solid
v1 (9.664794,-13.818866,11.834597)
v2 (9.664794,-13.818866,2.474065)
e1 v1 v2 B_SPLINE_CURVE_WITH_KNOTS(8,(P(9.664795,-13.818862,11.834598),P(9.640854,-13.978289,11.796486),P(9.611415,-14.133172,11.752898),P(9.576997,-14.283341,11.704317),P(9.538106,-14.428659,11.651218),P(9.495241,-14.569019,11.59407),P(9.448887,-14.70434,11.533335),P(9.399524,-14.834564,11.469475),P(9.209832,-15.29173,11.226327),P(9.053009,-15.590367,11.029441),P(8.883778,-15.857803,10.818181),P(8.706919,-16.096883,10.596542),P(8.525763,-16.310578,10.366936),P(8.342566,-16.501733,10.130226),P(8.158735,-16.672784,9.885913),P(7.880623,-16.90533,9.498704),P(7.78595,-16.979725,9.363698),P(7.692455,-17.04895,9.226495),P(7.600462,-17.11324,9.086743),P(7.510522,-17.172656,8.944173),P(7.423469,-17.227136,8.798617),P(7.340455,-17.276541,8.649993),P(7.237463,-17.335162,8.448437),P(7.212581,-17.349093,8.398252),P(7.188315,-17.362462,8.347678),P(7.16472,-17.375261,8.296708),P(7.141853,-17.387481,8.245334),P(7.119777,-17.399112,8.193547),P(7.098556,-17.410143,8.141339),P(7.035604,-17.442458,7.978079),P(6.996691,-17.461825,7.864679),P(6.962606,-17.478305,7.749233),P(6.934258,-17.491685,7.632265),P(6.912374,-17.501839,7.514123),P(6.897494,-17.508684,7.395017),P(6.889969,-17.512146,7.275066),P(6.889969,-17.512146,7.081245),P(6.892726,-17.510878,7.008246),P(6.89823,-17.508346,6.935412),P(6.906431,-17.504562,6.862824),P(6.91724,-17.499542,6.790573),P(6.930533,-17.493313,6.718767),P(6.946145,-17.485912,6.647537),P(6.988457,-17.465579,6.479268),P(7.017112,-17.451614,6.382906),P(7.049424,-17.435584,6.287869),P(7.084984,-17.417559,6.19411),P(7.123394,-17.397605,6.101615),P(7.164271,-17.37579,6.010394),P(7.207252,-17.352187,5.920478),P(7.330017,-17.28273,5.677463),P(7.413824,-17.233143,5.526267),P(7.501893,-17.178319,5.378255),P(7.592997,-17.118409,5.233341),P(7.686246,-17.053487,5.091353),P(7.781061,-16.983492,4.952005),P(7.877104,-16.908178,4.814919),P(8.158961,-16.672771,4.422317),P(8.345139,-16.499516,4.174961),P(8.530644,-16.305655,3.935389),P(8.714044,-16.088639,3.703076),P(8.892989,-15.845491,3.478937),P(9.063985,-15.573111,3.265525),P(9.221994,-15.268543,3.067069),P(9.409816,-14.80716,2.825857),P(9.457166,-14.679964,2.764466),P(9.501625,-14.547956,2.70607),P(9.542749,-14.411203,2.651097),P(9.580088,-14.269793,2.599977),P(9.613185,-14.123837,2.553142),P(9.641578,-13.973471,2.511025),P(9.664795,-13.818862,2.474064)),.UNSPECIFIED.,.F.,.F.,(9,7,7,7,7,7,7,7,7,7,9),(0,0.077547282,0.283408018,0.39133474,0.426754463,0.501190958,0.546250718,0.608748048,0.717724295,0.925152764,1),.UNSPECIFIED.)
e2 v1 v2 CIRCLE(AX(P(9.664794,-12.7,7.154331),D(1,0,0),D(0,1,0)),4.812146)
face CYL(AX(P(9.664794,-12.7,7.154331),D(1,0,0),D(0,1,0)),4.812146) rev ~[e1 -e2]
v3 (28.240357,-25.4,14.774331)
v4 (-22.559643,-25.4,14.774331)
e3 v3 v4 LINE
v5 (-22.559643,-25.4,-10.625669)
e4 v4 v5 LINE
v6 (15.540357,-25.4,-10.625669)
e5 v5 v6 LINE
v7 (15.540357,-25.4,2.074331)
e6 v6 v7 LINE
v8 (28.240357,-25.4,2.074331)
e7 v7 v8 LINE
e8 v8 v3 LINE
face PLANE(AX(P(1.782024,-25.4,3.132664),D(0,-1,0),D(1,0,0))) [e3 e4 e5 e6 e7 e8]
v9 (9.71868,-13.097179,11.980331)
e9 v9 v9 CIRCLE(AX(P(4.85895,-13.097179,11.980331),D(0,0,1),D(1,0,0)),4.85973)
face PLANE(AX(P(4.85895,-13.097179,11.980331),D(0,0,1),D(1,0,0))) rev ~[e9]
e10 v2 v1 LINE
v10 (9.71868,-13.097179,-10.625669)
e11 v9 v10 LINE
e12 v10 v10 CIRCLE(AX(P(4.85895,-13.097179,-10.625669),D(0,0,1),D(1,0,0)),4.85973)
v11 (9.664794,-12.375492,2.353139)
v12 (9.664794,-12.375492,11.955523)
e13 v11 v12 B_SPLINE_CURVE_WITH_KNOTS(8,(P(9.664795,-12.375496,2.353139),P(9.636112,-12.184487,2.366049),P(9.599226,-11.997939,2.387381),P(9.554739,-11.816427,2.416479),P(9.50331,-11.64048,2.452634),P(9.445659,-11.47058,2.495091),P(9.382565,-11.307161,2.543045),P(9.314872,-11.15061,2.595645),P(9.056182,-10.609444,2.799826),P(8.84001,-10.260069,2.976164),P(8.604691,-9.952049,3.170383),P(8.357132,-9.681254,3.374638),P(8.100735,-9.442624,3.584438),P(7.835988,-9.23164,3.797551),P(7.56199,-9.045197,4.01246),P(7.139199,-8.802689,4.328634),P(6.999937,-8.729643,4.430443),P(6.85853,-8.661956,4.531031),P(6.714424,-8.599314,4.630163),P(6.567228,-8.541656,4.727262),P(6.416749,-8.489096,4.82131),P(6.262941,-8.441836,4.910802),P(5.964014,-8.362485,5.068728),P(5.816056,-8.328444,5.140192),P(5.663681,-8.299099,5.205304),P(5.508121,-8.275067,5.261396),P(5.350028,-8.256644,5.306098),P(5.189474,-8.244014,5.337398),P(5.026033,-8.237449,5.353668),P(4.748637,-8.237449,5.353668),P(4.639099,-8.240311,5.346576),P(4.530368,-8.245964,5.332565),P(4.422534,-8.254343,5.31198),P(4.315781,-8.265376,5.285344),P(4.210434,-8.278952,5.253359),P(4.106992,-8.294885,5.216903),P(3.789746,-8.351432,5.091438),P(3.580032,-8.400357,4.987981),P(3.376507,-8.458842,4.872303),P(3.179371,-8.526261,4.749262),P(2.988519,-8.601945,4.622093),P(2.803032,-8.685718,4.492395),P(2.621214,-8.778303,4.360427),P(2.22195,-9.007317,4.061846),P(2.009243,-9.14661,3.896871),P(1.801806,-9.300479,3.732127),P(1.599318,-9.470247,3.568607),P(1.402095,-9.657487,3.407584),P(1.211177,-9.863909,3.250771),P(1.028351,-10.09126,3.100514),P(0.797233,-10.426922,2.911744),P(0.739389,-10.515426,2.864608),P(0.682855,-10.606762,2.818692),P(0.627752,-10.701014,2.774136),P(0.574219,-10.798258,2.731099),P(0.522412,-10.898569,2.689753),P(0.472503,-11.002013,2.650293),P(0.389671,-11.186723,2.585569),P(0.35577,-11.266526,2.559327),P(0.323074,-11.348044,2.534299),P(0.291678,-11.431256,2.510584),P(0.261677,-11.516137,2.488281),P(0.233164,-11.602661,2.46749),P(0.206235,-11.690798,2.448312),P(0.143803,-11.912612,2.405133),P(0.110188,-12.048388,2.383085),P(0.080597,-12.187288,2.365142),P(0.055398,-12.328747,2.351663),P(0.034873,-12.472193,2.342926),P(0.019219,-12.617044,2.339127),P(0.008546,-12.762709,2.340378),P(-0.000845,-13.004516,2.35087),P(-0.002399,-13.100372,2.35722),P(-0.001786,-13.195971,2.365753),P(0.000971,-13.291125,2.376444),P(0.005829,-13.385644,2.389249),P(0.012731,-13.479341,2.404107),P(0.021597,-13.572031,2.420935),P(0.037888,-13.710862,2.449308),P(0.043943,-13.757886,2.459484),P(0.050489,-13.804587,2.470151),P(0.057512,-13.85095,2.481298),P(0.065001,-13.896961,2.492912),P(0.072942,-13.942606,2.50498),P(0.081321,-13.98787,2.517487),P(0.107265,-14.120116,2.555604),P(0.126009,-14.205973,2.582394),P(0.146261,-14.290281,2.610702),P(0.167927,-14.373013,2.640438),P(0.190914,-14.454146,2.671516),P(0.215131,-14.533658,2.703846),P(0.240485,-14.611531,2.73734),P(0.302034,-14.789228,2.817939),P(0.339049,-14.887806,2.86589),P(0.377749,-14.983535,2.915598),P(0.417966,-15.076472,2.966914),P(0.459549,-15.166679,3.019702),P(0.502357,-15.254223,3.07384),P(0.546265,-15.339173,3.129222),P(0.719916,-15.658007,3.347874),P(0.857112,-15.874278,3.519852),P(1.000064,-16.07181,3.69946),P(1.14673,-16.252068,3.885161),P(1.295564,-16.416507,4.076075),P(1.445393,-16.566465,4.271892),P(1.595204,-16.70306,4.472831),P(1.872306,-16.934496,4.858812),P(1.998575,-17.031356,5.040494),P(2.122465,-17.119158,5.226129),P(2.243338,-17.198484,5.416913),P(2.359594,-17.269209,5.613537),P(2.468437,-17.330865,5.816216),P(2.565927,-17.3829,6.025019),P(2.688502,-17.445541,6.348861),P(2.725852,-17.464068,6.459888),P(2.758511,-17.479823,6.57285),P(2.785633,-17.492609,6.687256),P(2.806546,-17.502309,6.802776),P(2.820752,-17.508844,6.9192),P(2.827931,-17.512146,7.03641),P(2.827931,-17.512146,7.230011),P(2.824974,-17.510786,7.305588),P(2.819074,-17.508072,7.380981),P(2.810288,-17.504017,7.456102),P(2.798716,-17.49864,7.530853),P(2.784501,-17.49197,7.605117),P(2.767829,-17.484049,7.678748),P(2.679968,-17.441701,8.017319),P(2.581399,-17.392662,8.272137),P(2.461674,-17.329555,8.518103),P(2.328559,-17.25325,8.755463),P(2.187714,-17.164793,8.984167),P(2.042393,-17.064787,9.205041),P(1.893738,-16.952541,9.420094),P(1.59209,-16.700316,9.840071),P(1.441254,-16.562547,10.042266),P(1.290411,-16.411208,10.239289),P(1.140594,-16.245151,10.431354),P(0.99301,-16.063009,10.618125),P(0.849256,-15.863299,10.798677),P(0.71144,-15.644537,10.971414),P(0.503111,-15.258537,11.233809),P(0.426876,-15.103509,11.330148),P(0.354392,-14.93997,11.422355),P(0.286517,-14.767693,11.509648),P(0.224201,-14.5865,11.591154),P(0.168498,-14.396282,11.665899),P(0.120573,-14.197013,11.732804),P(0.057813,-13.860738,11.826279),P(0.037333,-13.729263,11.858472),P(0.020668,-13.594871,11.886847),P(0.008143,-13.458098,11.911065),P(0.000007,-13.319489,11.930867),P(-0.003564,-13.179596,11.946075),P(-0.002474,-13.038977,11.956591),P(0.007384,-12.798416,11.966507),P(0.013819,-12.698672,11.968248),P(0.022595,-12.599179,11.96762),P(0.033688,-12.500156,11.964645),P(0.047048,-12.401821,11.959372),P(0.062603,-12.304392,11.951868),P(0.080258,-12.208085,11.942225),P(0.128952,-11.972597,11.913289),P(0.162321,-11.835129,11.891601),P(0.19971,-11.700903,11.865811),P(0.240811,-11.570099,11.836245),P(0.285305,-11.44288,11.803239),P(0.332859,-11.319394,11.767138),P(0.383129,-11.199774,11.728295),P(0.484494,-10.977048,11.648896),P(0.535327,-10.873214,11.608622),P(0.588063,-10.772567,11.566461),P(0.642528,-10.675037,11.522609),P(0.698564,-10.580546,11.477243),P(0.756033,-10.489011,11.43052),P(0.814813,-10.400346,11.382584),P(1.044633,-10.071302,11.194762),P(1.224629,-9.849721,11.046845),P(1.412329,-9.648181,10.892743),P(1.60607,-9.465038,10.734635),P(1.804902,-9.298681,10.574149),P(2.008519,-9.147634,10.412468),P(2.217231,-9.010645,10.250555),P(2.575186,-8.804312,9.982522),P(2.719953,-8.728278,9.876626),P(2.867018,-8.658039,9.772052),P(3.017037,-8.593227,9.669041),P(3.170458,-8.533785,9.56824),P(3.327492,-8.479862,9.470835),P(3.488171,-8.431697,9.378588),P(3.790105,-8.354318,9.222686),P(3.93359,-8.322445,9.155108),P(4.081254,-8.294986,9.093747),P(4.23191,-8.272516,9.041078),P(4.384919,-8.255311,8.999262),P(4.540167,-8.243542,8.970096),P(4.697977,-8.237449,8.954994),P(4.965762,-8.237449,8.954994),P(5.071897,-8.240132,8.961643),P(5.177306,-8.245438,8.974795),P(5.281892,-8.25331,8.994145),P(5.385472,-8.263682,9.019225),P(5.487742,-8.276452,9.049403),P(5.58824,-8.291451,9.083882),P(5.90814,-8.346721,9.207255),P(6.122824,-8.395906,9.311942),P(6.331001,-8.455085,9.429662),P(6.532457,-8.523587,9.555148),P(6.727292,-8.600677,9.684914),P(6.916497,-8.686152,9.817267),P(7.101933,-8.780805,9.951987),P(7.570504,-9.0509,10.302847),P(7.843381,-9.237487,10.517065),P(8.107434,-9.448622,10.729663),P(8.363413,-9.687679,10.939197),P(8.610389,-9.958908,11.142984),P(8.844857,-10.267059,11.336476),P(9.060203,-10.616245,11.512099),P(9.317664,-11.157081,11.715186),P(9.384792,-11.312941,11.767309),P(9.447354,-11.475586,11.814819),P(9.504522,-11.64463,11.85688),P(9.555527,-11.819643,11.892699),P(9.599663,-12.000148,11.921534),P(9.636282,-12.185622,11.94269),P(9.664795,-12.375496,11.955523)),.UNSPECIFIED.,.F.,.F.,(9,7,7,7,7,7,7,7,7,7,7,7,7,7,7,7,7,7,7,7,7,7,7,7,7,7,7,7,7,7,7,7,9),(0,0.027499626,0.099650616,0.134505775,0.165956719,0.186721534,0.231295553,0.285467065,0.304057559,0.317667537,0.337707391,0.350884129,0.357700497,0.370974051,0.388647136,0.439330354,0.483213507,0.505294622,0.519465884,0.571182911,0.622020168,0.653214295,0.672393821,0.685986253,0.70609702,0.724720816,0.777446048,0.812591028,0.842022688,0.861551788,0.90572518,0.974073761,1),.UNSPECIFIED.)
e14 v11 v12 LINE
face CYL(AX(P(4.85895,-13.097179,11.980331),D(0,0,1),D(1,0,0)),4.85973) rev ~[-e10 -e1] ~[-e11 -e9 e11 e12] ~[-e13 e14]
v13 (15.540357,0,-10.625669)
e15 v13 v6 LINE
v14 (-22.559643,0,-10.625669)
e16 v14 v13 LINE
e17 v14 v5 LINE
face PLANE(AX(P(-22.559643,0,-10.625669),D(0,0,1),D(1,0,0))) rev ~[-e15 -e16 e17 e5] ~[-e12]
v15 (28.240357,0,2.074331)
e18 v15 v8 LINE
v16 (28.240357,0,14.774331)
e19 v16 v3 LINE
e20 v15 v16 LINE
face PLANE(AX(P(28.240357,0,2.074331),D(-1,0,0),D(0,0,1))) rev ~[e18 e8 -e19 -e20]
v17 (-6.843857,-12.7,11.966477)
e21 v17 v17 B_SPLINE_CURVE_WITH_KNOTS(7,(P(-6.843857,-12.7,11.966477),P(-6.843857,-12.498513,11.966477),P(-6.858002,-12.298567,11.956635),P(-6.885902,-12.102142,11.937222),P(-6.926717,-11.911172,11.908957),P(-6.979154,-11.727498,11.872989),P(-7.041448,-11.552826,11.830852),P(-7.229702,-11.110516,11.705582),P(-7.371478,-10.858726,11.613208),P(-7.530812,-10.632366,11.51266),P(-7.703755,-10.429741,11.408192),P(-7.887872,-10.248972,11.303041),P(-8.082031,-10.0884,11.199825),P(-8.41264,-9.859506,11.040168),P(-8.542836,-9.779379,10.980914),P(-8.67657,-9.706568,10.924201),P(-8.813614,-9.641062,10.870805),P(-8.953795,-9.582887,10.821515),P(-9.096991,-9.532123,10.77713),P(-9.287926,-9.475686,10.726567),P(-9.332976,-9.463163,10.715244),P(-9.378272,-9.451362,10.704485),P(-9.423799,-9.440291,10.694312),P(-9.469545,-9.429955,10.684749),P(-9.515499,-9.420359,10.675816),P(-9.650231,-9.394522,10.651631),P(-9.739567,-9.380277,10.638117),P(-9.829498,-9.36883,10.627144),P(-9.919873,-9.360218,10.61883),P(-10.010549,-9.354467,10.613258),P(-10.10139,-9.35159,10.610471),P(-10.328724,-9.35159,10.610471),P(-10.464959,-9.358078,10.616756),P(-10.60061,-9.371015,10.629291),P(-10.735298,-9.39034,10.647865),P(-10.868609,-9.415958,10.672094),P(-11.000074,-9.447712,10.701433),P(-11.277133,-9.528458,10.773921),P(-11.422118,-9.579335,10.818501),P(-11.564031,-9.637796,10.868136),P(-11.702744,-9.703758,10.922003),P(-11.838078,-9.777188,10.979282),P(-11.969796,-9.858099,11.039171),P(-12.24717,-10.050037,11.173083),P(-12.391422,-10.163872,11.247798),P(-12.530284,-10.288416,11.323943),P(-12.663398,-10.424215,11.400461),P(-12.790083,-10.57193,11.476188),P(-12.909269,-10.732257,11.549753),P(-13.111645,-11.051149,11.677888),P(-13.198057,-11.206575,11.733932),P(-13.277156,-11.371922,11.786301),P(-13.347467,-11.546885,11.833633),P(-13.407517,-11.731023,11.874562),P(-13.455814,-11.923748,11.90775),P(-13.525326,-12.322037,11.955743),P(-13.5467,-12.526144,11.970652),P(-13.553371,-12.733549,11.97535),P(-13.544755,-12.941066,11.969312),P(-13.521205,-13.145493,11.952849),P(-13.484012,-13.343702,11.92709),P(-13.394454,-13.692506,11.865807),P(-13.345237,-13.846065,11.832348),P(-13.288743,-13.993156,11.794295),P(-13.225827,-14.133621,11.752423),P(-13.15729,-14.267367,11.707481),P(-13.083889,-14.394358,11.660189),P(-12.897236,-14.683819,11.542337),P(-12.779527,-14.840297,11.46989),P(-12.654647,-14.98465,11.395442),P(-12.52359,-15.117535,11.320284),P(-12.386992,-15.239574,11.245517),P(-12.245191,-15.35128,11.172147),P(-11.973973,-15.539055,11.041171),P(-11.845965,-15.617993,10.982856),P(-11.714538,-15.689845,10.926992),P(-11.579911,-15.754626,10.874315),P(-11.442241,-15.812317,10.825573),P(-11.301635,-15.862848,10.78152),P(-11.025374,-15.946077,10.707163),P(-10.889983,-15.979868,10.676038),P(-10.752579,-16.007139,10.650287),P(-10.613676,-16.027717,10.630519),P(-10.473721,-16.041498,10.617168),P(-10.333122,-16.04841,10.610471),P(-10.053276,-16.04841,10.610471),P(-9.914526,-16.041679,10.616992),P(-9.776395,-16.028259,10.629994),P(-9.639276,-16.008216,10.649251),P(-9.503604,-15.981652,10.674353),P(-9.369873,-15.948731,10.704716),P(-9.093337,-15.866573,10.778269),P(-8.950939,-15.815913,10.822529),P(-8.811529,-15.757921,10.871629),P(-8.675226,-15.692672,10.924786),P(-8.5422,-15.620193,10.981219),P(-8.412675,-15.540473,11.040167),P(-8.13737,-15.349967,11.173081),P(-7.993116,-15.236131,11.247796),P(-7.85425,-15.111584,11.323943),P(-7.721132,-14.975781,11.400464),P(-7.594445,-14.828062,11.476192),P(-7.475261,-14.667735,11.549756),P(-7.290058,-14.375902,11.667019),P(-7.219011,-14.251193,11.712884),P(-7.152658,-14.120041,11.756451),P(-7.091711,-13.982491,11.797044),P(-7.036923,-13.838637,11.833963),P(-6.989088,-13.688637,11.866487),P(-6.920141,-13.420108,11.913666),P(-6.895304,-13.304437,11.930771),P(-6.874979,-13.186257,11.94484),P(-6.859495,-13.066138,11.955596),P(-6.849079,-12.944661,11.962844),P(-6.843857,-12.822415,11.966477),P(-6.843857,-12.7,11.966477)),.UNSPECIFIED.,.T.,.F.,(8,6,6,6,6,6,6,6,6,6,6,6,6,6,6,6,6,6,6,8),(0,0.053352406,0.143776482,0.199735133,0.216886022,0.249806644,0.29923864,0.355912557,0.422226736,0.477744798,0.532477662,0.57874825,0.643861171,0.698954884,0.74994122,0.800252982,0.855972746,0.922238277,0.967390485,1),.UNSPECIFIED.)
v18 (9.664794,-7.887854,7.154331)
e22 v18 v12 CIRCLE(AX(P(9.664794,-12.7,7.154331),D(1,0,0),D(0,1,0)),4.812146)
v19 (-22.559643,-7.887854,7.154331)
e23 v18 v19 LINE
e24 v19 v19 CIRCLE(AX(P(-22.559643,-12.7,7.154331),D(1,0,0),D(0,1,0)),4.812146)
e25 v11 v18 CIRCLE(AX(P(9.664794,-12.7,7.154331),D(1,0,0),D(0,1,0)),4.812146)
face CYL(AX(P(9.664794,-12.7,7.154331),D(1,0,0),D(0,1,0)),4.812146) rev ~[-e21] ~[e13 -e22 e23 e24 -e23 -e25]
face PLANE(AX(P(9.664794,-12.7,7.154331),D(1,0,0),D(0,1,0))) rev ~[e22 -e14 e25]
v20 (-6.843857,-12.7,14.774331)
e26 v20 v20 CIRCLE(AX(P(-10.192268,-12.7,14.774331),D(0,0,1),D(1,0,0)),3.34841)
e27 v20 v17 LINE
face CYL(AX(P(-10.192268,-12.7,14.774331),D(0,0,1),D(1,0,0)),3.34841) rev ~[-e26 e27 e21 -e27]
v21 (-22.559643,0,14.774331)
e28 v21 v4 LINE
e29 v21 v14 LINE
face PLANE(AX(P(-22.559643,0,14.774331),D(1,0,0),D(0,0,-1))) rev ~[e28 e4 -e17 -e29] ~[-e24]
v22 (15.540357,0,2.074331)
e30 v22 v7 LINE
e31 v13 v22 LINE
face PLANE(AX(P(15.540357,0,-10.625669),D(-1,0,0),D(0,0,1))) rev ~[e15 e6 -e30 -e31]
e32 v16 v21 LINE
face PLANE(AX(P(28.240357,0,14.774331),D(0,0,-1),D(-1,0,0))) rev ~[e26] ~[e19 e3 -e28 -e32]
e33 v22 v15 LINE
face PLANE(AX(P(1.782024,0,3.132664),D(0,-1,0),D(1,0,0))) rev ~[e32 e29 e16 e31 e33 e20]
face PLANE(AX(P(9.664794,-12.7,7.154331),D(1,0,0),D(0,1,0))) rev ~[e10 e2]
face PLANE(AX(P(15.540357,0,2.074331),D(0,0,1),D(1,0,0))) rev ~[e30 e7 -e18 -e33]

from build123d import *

# Parameters (mm, degrees)
F1_DEPTH = 25.4
F3_R     = 4.8121462922
F4_DEPTH = 50.8
F6_R     = 4.8597300297
F7_DEPTH = 25.4
F8_R     = 3.348410215
F9_DEPTH = 7.62


with BuildPart() as f1:
    # F0 (on Front) → F1 (new body)
    with BuildSketch(Plane.XZ):
        Polygon((-22.5596427917, 14.7743310452), (-22.5596427917, -10.6256689548), (15.5403572083, -10.6256689548), (15.5403572083, 2.0743310452), (28.2403572083, 2.0743310452), (28.2403572083, 14.7743310452), align=None)
    extrude(amount=F1_DEPTH)

    # F3 (on offset) → F4 (cut)
    with BuildSketch(Plane.YZ.offset(9.6647944301)):
        with Locations((-12.7, 7.1543310452)):
            Circle(F3_R)
    extrude(amount=-F4_DEPTH, mode=Mode.SUBTRACT)

    # F6 (on offset) → F7 (cut)
    with BuildSketch(Plane.XY.offset(11.9803310452)):
        with Locations((4.8589497015, -13.0971787283)):
            Circle(F6_R)
    extrude(amount=-F7_DEPTH, mode=Mode.SUBTRACT)

    # F8 (on face) → F9 (cut)
    with BuildSketch(Plane.XY.offset(14.7743310452)):
        with Locations((-10.1922675967, -12.7)):
            Circle(F8_R)
    extrude(amount=-F9_DEPTH, mode=Mode.SUBTRACT)


solid = f1.part
